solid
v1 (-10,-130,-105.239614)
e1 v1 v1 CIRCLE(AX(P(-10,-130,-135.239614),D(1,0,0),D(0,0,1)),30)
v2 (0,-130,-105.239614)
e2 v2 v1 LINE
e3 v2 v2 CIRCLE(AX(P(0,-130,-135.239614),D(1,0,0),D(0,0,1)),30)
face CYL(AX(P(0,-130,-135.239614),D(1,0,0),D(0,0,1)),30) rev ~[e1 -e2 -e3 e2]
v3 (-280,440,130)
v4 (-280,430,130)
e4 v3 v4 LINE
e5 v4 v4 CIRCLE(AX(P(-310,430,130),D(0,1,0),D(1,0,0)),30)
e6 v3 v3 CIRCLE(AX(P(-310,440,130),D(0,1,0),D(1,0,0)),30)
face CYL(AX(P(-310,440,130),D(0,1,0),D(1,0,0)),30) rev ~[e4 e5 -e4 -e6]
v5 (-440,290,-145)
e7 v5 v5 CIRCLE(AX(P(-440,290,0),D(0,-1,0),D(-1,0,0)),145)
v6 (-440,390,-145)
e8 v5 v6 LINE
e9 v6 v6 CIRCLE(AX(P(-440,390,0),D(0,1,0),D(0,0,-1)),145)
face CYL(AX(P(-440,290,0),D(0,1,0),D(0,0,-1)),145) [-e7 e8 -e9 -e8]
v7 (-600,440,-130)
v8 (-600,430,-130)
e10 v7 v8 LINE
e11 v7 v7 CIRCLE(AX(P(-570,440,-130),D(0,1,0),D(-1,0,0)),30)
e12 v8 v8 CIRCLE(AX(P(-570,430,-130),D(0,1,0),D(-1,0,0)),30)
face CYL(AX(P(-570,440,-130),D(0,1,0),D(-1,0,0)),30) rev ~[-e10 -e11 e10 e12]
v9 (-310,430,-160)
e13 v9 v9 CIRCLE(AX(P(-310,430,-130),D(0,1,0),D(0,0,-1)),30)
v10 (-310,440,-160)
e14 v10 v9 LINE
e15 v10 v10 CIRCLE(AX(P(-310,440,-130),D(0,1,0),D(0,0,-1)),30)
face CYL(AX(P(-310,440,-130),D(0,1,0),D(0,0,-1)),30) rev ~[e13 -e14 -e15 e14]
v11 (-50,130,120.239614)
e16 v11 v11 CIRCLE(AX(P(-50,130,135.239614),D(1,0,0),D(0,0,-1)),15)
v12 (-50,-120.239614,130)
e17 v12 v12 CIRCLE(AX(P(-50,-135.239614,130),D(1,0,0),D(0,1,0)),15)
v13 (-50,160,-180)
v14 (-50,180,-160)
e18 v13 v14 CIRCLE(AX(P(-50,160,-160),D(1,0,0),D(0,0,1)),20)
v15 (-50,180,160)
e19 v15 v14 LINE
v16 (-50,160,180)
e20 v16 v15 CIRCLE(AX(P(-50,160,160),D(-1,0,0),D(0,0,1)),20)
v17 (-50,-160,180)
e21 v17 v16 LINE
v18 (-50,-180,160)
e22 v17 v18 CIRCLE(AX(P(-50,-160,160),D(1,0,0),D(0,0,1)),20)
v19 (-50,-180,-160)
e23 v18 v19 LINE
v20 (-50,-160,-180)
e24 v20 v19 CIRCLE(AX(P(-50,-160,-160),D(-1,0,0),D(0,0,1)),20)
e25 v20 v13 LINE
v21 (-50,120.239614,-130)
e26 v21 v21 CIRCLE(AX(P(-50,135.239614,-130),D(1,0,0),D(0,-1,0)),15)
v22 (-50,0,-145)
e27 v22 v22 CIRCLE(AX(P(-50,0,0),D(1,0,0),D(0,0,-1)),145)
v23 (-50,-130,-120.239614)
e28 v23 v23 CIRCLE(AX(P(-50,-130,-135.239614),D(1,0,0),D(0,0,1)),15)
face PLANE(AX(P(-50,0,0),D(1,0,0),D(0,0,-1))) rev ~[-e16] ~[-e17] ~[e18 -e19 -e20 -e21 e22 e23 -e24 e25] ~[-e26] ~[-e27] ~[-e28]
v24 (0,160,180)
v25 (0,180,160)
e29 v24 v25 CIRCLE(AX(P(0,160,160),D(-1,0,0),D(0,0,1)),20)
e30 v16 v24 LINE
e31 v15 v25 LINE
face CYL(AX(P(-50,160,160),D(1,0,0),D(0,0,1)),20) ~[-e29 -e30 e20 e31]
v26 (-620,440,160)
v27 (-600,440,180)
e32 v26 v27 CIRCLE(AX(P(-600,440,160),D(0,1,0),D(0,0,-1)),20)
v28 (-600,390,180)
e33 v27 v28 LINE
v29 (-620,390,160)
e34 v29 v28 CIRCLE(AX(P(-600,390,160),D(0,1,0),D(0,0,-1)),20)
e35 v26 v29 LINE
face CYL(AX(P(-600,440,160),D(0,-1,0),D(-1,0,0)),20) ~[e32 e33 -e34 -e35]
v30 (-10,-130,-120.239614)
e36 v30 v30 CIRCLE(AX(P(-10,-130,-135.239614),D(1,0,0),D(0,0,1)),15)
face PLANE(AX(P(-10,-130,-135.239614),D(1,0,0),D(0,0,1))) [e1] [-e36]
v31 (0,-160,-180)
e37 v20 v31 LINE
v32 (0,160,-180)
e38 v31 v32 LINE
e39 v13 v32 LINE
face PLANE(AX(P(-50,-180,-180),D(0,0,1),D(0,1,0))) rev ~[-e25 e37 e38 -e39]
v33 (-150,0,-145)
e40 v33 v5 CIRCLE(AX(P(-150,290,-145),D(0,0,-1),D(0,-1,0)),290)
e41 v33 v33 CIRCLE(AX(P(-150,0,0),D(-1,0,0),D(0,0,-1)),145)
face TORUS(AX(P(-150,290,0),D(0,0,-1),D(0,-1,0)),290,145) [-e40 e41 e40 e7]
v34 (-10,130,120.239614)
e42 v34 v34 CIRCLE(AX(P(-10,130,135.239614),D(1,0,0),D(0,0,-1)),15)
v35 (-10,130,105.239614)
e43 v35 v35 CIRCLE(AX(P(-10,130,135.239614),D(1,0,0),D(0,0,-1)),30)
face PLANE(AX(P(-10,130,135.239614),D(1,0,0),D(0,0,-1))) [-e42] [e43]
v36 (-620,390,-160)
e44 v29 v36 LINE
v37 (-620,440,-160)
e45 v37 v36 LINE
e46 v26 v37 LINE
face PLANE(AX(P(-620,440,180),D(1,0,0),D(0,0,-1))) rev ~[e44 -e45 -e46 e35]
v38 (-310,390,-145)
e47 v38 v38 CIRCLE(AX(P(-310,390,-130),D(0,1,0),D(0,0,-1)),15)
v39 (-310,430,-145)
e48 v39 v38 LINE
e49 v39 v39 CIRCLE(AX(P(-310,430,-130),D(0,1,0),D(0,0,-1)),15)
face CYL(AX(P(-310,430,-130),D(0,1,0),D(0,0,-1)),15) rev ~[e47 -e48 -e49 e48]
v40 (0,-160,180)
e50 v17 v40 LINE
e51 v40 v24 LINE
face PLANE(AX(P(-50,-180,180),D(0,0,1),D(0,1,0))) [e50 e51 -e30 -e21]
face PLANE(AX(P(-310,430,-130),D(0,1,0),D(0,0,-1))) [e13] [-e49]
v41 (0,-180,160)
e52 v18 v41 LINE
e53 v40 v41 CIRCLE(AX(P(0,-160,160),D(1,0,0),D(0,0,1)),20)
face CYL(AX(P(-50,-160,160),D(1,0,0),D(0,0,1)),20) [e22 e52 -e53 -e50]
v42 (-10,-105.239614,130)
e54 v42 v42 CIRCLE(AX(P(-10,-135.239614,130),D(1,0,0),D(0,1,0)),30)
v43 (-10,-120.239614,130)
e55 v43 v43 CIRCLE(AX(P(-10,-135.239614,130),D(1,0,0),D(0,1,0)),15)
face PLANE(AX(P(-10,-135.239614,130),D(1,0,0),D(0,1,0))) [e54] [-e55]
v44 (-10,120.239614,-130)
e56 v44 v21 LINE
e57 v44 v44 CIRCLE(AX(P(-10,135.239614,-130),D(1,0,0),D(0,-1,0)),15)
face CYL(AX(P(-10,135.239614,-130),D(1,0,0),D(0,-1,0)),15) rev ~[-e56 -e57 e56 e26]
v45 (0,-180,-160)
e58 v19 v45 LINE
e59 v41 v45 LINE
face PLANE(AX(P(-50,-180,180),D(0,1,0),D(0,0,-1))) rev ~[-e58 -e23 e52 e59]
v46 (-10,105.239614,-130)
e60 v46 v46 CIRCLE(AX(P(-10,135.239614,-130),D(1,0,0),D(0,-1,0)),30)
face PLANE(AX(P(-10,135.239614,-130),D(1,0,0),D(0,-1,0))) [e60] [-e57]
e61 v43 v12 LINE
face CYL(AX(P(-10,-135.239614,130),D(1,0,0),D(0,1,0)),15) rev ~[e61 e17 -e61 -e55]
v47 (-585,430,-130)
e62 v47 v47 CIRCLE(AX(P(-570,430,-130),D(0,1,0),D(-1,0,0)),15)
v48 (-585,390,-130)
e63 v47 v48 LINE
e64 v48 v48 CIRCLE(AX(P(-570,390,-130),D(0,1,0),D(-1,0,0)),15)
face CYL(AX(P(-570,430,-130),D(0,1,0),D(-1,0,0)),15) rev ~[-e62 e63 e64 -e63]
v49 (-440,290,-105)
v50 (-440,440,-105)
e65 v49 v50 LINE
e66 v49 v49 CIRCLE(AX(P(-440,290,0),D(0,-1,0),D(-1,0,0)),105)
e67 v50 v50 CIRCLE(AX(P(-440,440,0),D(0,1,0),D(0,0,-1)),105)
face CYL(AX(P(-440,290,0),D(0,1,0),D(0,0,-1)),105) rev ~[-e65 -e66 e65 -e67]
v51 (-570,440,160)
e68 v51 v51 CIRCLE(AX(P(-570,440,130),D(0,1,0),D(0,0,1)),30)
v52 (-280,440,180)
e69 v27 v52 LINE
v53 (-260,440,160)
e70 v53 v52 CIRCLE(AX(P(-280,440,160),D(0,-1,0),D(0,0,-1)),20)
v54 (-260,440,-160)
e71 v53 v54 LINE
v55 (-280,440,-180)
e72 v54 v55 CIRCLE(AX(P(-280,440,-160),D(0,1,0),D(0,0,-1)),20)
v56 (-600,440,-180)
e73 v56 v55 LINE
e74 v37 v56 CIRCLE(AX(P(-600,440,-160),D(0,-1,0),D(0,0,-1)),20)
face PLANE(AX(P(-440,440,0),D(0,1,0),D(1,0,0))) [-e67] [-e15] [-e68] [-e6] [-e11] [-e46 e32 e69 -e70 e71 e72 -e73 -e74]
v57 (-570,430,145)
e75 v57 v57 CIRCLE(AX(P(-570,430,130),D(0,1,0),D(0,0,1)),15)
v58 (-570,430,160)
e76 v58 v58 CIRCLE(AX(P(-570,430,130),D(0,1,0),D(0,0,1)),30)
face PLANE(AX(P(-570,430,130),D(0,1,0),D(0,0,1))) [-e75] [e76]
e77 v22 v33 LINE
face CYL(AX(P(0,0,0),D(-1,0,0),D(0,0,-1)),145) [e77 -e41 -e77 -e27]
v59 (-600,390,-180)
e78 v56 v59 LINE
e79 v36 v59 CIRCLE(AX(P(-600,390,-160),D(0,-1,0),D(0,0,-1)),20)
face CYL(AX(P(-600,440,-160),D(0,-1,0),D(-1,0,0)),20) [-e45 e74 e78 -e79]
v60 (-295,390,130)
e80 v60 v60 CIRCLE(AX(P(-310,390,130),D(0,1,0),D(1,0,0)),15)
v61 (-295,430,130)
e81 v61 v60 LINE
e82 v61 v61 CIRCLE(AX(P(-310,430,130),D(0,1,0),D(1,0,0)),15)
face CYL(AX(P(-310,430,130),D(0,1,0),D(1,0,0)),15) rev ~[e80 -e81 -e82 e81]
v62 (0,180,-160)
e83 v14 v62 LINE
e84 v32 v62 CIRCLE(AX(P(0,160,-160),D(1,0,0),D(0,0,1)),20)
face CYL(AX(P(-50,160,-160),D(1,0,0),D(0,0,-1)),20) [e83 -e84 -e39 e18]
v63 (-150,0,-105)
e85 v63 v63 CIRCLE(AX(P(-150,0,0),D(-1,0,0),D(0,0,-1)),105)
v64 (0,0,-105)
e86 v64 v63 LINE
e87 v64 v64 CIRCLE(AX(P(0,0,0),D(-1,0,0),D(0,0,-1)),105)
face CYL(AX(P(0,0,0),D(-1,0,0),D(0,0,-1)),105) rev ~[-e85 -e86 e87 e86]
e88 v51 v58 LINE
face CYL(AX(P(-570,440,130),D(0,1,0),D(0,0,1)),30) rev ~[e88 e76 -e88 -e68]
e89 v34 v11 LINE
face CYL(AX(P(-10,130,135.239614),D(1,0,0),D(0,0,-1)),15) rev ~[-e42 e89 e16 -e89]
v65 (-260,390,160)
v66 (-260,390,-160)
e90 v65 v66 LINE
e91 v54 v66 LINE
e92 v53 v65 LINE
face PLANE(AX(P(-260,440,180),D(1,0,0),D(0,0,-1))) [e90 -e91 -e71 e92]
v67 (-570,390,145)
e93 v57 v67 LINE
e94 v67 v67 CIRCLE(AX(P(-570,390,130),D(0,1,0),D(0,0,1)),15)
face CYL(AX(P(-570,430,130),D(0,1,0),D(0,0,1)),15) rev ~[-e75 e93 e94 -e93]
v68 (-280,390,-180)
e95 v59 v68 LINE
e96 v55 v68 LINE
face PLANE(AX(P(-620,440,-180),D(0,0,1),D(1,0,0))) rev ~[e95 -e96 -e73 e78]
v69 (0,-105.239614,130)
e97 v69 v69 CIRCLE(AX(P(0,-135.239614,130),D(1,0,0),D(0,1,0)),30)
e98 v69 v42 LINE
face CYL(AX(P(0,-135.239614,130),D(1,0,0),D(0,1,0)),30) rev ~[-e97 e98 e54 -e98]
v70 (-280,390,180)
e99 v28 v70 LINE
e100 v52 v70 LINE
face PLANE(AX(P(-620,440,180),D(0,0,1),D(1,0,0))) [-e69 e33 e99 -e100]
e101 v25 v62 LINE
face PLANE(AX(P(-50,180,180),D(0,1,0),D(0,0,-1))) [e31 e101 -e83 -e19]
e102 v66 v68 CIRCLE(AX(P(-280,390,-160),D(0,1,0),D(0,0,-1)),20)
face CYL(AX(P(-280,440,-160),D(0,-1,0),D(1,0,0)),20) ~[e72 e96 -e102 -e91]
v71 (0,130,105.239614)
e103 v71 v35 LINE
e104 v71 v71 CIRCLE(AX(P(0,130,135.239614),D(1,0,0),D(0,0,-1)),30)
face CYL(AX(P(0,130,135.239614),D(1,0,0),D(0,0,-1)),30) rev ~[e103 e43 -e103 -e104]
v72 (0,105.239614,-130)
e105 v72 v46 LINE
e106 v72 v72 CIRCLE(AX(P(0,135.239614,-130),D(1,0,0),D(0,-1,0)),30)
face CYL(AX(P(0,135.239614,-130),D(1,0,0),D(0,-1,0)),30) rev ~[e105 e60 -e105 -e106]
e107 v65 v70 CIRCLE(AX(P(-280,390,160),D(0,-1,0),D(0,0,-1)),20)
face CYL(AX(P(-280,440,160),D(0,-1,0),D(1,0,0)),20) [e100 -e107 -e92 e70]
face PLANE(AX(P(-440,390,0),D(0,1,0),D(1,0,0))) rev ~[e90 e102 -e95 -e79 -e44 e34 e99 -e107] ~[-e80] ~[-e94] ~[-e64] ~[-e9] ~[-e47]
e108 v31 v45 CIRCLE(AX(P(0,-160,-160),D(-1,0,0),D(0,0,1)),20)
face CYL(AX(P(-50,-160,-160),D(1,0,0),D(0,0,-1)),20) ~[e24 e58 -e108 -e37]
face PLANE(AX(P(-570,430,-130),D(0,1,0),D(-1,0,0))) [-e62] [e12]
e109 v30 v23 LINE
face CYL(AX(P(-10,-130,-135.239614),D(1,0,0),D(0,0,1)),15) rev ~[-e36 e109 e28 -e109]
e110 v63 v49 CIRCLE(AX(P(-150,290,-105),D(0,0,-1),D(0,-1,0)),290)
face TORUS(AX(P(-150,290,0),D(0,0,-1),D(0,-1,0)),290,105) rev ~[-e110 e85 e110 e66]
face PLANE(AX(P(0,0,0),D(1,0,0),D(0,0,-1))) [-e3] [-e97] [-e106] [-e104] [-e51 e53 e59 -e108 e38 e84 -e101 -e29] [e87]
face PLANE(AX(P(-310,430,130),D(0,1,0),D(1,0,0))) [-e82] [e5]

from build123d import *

# Parameters (mm, degrees)
SKETCH2_R           = 145
SKETCH2_R_2         = 105
BOSS_EXTRUDE1_START = -50
SKETCH3_W           = 360
SKETCH3_H           = 360
SKETCH3_R           = 145
BOSS_EXTRUDE1_DEPTH = 50
FILLET1_R           = 20
SKETCH4_W           = 360
SKETCH4_H           = 360
SKETCH4_R           = 145
BOSS_EXTRUDE2_DEPTH = 50
FILLET2_R           = 20
SKETCH6_R           = 30
CUT_EXTRUDE1_DEPTH  = 10
CUT_EXTRUDE2_REACH  = 775.369
SKETCH8_R           = 15
CIRPATTERN1_COUNT   = 4
SKETCH10_R          = 30
CUT_EXTRUDE3_DEPTH  = 10
CUT_EXTRUDE4_REACH  = 890.2
SKETCH11_R          = 15
CIRPATTERN3_COUNT   = 4


with BuildPart() as part:
    # Sweep-Thin1: sweep along a path in Sketch1
    with BuildLine(Plane.XY) as sweep_thin1_path:
        Line((0, 0), (-150, 0))
        ThreePointArc((-150, 0), (-355.060966544, 84.939033456), (-440, 290))
        Line((-440, 290), (-440, 440))
    # Sketch2 → Sweep-Thin1 (sweep)
    with BuildSketch(Plane(origin=(0, 0, 0), x_dir=(0, 0, -1), z_dir=(1, 0, 0))):
        Circle(SKETCH2_R)
        Circle(SKETCH2_R_2, mode=Mode.SUBTRACT)
    sweep(path=sweep_thin1_path.line)

    # Sketch3 → Boss-Extrude1 (add)
    with BuildSketch(Plane(origin=(0, 0, 0), x_dir=(0, 0, -1), z_dir=(1, 0, 0)).offset(BOSS_EXTRUDE1_START)):
        Rectangle(SKETCH3_W, SKETCH3_H)
        with Locations(Location((0, 0, 0), (0, 0, 270))):
            Circle(SKETCH3_R, mode=Mode.SUBTRACT)
    extrude(amount=BOSS_EXTRUDE1_DEPTH)

    # Fillet1
    fillet1_edges = [part.edges().sort_by_distance(p)[0] for p in [
        (-25, -180, 180),
        (-25, 180, 180),
        (-25, 180, -180),
        (-25, -180, -180),
    ]]
    fillet(fillet1_edges, radius=FILLET1_R)

    # Sketch4 → Boss-Extrude2 (add)
    with BuildSketch(Plane(origin=(0, 440, 0), x_dir=(1, 0, 0), z_dir=(0, 1, 0))):
        with Locations((-440, 0)):
            Rectangle(SKETCH4_W, SKETCH4_H)
        with Locations(Location((-440, 0, 0), (0, 0, 180))):
            Circle(SKETCH4_R, mode=Mode.SUBTRACT)
    extrude(amount=-BOSS_EXTRUDE2_DEPTH)

    # Fillet2
    fillet2_edges = [part.edges().sort_by_distance(p)[0] for p in [
        (-620, 415, 180),
        (-620, 415, -180),
        (-260, 415, -180),
        (-260, 415, 180),
    ]]
    fillet(fillet2_edges, radius=FILLET2_R)

    # Sketch6 → Cut-Extrude1 (cut)
    with BuildSketch(Plane(origin=(0, 0, 0), x_dir=(0, 0, -1), z_dir=(1, 0, 0))):
        with Locations((-135.239614092, 130)):
            Circle(SKETCH6_R)
    cut_extrude1 = extrude(amount=-CUT_EXTRUDE1_DEPTH, mode=Mode.SUBTRACT)

    # Sketch8 → Cut-Extrude2 (cut, up to next)
    with BuildSketch(Plane(origin=(-10, 0, 0), x_dir=(0, 0, -1), z_dir=(1, 0, 0)), mode=Mode.PRIVATE) as cut_extrude2_sk1:
        with Locations((-135.239614092, 130)):
            Circle(SKETCH8_R)
    cut_extrude2_tool1 = extrude(cut_extrude2_sk1.sketch, amount=-CUT_EXTRUDE2_REACH, mode=Mode.PRIVATE) & part.part
    cut_extrude2 = cut_extrude2_tool1.solids().sort_by_distance((-10, 130, 135.239614))[0]
    add(cut_extrude2, mode=Mode.SUBTRACT)

    # CirPattern1: Cut-Extrude1, Cut-Extrude2 ×4 about axis
    cirpattern1_axis = Axis((0, 0, 0), (1, 0, 0))
    add([cut_extrude1.rotate(cirpattern1_axis, i * 360 / CIRPATTERN1_COUNT) for i in range(1, CIRPATTERN1_COUNT)], mode=Mode.SUBTRACT)
    add([cut_extrude2.rotate(cirpattern1_axis, i * 360 / CIRPATTERN1_COUNT) for i in range(1, CIRPATTERN1_COUNT)], mode=Mode.SUBTRACT)

    # Sketch10 → Cut-Extrude3 (cut)
    with BuildSketch(Plane(origin=(0, 440, 0), x_dir=(1, 0, 0), z_dir=(0, 1, 0))):
        with Locations(Location((-570, 130, 0), (0, 0, 180))):
            Circle(SKETCH10_R)
    cut_extrude3 = extrude(amount=-CUT_EXTRUDE3_DEPTH, mode=Mode.SUBTRACT)

    # Sketch11 → Cut-Extrude4 (cut, up to next)
    with BuildSketch(Plane(origin=(0, 430, 0), x_dir=(1, 0, 0), z_dir=(0, 1, 0)), mode=Mode.PRIVATE) as cut_extrude4_sk1:
        with Locations(Location((-570, 130, 0), (0, 0, 180))):
            Circle(SKETCH11_R)
    cut_extrude4_tool1 = extrude(cut_extrude4_sk1.sketch, amount=-CUT_EXTRUDE4_REACH, mode=Mode.PRIVATE) & part.part
    cut_extrude4 = cut_extrude4_tool1.solids().sort_by_distance((-570, 430, -130))[0]
    add(cut_extrude4, mode=Mode.SUBTRACT)

    # CirPattern3: Cut-Extrude3, Cut-Extrude4 ×4 about axis
    cirpattern3_axis = Axis((-440, 0, 0), (0, 1, 0))
    add([cut_extrude3.rotate(cirpattern3_axis, i * 360 / CIRPATTERN3_COUNT) for i in range(1, CIRPATTERN3_COUNT)], mode=Mode.SUBTRACT)
    add([cut_extrude4.rotate(cirpattern3_axis, i * 360 / CIRPATTERN3_COUNT) for i in range(1, CIRPATTERN3_COUNT)], mode=Mode.SUBTRACT)


solid = part.part
